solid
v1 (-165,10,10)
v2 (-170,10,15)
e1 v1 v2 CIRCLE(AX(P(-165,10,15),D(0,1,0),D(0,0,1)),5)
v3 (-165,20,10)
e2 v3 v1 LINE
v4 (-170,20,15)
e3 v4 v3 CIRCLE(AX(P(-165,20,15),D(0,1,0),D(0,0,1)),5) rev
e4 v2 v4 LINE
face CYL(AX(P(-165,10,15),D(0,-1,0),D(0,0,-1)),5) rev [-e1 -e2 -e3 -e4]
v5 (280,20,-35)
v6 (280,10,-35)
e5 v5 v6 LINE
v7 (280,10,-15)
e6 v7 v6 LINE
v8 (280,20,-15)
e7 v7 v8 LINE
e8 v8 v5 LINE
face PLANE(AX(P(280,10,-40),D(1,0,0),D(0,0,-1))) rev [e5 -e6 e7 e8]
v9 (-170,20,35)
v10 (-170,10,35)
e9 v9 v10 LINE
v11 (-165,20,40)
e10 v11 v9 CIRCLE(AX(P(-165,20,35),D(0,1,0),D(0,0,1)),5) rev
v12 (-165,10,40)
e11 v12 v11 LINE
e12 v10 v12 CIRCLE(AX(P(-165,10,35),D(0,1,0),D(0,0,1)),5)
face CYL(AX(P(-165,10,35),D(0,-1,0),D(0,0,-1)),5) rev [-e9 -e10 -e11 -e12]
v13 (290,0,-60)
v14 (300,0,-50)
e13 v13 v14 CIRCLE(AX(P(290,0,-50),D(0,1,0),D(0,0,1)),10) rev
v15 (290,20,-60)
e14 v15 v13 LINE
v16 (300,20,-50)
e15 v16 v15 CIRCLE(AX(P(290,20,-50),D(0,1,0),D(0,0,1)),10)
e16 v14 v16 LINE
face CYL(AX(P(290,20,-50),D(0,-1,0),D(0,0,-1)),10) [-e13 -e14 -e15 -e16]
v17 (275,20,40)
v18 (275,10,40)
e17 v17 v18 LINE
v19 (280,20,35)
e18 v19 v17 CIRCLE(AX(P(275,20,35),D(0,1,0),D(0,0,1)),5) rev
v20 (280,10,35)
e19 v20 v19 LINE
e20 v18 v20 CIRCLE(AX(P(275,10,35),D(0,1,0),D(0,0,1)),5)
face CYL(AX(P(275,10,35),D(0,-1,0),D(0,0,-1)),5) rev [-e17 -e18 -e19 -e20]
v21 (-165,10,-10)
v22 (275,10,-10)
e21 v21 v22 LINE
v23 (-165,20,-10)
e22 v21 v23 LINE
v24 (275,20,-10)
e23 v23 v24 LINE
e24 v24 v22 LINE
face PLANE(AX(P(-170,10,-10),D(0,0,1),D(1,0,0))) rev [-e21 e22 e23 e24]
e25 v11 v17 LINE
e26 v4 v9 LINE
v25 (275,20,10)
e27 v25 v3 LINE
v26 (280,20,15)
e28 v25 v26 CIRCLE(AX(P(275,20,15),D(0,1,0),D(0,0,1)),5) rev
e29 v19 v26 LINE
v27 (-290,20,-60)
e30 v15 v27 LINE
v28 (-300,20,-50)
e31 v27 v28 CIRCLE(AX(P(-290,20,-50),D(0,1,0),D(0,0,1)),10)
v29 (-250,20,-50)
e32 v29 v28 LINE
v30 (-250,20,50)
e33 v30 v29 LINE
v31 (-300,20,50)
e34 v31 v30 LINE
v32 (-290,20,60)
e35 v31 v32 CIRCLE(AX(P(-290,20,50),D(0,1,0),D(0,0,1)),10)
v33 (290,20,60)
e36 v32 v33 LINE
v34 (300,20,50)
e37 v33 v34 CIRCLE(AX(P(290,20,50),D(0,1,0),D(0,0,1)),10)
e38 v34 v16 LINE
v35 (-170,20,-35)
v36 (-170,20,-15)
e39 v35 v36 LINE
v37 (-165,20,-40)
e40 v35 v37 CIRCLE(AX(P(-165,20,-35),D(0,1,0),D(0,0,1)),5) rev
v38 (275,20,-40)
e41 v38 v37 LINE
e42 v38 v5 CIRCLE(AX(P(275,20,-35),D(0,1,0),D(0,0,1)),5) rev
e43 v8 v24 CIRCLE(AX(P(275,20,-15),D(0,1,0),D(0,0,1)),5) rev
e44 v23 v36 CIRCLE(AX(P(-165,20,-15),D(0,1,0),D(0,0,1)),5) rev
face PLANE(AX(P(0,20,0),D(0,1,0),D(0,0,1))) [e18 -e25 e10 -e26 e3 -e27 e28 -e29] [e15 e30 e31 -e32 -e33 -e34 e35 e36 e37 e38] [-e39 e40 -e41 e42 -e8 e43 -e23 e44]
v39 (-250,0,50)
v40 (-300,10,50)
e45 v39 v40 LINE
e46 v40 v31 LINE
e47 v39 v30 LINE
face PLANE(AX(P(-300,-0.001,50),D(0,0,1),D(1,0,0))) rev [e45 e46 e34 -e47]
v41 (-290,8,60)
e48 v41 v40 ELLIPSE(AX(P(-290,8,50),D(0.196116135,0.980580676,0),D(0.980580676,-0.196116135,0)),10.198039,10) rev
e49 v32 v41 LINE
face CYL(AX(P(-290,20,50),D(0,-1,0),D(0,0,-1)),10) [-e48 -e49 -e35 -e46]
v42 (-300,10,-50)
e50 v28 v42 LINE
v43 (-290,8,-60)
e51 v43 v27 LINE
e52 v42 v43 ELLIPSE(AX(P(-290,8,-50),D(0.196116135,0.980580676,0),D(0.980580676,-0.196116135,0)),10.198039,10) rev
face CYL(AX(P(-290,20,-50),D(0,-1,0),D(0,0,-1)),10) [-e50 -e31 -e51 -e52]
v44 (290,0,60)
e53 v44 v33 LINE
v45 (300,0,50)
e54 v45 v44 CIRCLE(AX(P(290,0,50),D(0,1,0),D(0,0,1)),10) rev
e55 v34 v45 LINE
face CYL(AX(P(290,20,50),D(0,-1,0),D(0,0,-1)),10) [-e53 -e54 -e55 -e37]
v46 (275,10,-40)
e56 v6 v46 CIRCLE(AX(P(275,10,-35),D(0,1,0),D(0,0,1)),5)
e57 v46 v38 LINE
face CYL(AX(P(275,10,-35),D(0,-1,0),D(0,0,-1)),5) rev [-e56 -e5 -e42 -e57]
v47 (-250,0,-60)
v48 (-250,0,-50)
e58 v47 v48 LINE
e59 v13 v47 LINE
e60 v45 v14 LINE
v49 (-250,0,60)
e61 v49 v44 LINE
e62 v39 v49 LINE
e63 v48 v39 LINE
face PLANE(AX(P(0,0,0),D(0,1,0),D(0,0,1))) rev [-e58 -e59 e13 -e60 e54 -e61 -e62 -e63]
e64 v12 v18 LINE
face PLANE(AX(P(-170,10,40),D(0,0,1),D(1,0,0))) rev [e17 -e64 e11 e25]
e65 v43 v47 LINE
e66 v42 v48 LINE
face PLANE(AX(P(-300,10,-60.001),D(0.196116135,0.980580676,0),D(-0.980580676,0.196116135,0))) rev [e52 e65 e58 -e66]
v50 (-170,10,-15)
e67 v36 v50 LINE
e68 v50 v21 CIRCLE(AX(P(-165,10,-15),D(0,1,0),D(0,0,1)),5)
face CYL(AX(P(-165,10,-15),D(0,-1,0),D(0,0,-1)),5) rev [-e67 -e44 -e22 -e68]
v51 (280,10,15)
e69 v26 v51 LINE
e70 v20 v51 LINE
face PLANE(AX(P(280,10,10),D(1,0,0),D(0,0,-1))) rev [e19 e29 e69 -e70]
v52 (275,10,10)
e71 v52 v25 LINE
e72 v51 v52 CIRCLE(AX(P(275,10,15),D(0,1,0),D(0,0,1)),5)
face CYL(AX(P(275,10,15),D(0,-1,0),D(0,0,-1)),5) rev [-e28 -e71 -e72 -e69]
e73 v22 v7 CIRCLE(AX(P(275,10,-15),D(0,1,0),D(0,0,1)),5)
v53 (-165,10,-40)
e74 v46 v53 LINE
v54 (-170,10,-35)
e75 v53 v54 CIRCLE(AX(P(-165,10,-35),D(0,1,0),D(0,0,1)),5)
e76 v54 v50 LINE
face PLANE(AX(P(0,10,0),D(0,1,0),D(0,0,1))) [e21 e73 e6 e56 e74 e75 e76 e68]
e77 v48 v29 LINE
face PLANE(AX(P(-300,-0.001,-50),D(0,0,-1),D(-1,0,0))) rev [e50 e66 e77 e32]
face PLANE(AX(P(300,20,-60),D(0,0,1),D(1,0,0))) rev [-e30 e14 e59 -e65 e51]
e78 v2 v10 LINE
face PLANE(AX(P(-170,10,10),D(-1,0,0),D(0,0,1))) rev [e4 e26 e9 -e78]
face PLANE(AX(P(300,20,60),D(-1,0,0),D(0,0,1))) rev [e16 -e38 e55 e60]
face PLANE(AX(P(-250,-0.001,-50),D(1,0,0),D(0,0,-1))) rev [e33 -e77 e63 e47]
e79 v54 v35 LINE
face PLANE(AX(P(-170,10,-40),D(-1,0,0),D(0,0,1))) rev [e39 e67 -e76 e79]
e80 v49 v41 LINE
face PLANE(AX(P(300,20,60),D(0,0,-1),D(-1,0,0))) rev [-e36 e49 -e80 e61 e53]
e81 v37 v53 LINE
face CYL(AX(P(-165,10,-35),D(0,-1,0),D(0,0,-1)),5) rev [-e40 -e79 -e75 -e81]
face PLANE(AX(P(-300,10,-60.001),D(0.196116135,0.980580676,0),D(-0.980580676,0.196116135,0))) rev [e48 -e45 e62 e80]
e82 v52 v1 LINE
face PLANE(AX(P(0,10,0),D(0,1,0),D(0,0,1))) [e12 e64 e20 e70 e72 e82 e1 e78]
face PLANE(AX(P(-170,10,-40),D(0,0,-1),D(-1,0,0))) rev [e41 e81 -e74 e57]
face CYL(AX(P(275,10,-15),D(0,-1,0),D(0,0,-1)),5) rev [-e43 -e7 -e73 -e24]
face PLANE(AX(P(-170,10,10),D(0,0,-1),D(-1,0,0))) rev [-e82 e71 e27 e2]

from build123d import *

# Parameters (mm, degrees)
SKETCH1_W           = 600
SKETCH1_H           = 120
BOSS_EXTRUDE1_DEPTH = 20
CUT_EXTRUDE1_REACH  = 325.728
SKETCH6_W           = 450
SKETCH6_H           = 30
CUT_EXTRUDE2_DEPTH  = 10
FILLET1_R           = 10
FILLET2_R           = 5
CUT_EXTRUDE3_REACH  = 308.594
SKETCH7_W           = 50
SKETCH7_H           = 100


with BuildPart() as part:
    # Sketch1 → Boss-Extrude1 (new body)
    with BuildSketch(Plane(origin=(0, 0, 0), x_dir=(1, 0, 0), z_dir=(0, 1, 0))):
        Rectangle(SKETCH1_W, SKETCH1_H)
    extrude(amount=BOSS_EXTRUDE1_DEPTH)

    # Sketch4 → Cut-Extrude1 (cut, up to next)
    with BuildSketch(Plane.XY.offset(60), mode=Mode.PRIVATE) as cut_extrude1_sk1:
        Polygon((-300, 10), (-250, 0), (-300, 0), align=None)
    cut_extrude1_tool1 = extrude(cut_extrude1_sk1.sketch, amount=-CUT_EXTRUDE1_REACH, mode=Mode.PRIVATE) & part.part
    add(cut_extrude1_tool1.solids().sort_by_distance((-283.333333, 3.333333, 60))[0], mode=Mode.SUBTRACT)

    # Sketch6 → Cut-Extrude2 (cut)
    with BuildSketch(Plane(origin=(0, 20, 0), x_dir=(1, 0, 0), z_dir=(0, 1, 0))):
        with Locations((55, 25)):
            Rectangle(SKETCH6_W, SKETCH6_H)
        with Locations((55, -25)):
            Rectangle(SKETCH6_W, SKETCH6_H)
    extrude(amount=-CUT_EXTRUDE2_DEPTH, mode=Mode.SUBTRACT)

    # Fillet1
    fillet1_edges = [part.edges().sort_by_distance(p)[0] for p in [
        (-300, 15, -60),
        (300, 10, -60),
        (300, 10, 60),
        (-300, 15, 60),
    ]]
    fillet(fillet1_edges, radius=FILLET1_R)

    # Fillet2
    fillet2_edges = [part.edges().sort_by_distance(p)[0] for p in [
        (-170, 15, -10),
        (-170, 15, -40),
        (280, 15, -40),
        (280, 15, -10),
        (-170, 15, 40),
        (-170, 15, 10),
        (280, 15, 10),
        (280, 15, 40),
    ]]
    fillet(fillet2_edges, radius=FILLET2_R)

    # Sketch7 → Cut-Extrude3 (cut, up to next)
    with BuildSketch(Plane(origin=(0, 20, 0), x_dir=(1, 0, 0), z_dir=(0, 1, 0)), mode=Mode.PRIVATE) as cut_extrude3_sk1:
        with Locations((-275, 0)):
            Rectangle(SKETCH7_W, SKETCH7_H)
    cut_extrude3_tool1 = extrude(cut_extrude3_sk1.sketch, amount=-CUT_EXTRUDE3_REACH, mode=Mode.PRIVATE) & part.part
    add(cut_extrude3_tool1.solids().sort_by_distance((-275, 20, 0))[0], mode=Mode.SUBTRACT)


solid = part.part
